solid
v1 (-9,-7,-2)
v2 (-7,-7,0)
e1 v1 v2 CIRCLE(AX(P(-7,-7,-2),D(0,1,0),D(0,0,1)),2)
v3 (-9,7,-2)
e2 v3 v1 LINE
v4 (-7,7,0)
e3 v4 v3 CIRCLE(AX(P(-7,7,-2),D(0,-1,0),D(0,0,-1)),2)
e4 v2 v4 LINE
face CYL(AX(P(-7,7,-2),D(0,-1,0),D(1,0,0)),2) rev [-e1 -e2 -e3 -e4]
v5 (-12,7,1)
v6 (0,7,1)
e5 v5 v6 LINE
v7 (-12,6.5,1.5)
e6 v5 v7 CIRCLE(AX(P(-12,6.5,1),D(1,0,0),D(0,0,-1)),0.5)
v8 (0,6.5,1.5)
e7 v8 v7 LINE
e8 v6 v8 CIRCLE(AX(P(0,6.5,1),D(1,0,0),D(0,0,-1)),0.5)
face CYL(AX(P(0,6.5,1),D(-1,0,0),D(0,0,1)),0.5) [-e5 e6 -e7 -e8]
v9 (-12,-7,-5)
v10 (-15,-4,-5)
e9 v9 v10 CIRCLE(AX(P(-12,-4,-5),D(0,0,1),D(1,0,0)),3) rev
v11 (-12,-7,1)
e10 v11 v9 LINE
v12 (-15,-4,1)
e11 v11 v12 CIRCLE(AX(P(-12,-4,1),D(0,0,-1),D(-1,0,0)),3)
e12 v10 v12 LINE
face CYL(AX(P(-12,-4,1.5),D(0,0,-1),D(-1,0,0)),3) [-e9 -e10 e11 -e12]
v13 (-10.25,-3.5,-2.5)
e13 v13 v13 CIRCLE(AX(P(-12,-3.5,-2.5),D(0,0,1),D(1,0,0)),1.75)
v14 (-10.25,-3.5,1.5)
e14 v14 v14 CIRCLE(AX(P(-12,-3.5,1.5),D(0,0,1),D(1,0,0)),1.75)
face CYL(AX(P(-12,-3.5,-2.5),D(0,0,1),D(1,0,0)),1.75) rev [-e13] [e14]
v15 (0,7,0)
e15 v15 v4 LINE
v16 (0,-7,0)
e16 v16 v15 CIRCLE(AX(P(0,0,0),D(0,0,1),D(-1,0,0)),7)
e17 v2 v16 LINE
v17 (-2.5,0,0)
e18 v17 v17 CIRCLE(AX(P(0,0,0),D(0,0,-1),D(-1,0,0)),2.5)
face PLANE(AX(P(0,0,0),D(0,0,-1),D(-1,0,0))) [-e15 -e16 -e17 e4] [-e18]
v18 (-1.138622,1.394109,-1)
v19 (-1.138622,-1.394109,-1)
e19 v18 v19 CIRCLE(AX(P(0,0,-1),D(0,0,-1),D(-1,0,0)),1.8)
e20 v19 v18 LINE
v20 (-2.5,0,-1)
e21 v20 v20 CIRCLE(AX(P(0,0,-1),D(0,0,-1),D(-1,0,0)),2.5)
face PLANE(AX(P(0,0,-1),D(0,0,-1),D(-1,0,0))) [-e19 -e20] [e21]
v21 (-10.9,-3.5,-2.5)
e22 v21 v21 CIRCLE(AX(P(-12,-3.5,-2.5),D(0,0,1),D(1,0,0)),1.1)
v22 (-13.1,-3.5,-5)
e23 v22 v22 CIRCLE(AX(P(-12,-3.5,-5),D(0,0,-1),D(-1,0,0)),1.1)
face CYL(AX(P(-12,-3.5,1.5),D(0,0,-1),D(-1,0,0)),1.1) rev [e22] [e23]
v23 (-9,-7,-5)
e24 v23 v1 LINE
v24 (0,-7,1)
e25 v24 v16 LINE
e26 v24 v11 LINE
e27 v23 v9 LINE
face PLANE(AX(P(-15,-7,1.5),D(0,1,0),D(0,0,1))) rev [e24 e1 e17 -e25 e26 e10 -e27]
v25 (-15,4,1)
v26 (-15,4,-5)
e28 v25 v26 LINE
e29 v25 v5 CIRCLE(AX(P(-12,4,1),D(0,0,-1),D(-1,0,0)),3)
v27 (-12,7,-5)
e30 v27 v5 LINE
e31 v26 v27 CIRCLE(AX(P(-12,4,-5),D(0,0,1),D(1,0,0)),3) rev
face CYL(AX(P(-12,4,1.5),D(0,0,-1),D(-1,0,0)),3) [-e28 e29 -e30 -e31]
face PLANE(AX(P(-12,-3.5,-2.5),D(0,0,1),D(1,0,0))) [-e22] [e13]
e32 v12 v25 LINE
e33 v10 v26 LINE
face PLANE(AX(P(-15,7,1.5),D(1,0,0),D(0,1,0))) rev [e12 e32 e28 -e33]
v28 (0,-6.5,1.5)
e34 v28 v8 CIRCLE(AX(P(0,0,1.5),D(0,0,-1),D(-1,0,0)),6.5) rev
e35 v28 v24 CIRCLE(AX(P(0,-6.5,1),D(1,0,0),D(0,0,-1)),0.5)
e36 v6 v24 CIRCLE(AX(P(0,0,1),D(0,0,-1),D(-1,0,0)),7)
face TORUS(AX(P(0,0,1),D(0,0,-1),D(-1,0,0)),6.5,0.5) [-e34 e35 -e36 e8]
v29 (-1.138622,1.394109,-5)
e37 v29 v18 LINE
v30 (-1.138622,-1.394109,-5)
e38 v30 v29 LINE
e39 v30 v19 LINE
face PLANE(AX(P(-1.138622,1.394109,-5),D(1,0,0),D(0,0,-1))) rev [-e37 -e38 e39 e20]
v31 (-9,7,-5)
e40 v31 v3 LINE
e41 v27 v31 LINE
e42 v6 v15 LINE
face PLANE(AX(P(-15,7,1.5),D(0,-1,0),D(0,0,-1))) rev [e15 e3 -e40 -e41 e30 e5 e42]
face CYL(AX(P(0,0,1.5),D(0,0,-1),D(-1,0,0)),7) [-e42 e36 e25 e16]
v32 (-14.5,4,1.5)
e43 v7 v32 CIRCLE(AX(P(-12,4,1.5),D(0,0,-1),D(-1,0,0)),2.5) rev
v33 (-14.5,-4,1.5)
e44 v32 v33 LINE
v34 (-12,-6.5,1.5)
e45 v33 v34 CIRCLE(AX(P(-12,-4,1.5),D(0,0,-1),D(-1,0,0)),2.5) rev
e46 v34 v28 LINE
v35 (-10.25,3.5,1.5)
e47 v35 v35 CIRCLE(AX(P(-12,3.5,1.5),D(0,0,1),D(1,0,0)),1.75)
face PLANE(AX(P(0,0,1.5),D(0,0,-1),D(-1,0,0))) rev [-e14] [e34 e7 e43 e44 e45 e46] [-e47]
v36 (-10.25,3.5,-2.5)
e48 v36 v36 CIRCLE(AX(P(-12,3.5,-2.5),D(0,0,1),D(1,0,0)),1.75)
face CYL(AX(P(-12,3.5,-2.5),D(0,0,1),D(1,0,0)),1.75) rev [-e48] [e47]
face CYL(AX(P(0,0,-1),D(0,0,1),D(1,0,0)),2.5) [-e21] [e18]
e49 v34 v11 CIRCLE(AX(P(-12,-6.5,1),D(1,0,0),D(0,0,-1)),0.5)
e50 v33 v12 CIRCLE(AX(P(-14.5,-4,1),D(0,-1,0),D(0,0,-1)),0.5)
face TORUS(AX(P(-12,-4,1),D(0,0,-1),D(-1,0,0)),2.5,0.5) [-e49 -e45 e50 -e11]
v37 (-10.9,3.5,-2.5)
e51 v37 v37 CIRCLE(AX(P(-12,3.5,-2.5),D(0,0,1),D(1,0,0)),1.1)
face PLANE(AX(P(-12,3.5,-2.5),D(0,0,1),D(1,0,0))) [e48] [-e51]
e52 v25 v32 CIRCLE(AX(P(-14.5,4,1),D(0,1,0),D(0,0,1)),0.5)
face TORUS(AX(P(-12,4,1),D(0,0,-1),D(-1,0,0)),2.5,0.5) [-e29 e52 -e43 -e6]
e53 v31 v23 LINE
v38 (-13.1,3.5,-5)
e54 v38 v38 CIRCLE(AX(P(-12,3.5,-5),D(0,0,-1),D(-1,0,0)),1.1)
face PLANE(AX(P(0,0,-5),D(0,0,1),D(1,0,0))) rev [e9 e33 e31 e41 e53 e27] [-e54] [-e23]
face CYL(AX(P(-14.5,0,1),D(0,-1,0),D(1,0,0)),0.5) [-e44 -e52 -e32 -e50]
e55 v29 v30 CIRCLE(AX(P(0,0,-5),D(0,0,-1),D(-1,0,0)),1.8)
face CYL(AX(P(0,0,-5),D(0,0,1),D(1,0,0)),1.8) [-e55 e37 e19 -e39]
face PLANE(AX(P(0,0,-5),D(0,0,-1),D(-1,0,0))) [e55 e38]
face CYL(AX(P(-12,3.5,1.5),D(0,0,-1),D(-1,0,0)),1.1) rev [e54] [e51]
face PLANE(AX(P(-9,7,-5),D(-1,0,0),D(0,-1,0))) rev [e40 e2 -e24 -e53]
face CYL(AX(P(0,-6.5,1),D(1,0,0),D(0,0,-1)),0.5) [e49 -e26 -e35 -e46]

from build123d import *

# Parameters (mm, degrees)
SKETCH1_R           = 1.1
BOSS_EXTRUDE1_DEPTH = 1.5
SKETCH2_R           = 2.5
BOSS_EXTRUDE2_DEPTH = 1
BOSS_EXTRUDE3_DEPTH = 4
SKETCH4_W           = 6
SKETCH4_H           = 14
SKETCH4_R           = 1.1
BOSS_EXTRUDE4_DEPTH = 5
FILLET4_R           = 3
FILLET1_R           = 0.5
SKETCH5_R           = 1.75
CUT_EXTRUDE1_DEPTH  = 4
FILLET3_R           = 2


with BuildPart() as part:
    # Sketch1 → Boss-Extrude1 (new body)
    with BuildSketch(Plane.XY):
        with BuildLine():
            Line((-15, 7), (0, 7))
            ThreePointArc((0, 7), (7, 0), (0, -7))
            Line((0, -7), (-15, -7))
            Line((-15, -7), (-15, 7))
        make_face()
        with Locations((-12, 3.5)):
            Circle(SKETCH1_R, mode=Mode.SUBTRACT)
        with Locations((-12, -3.5)):
            Circle(SKETCH1_R, mode=Mode.SUBTRACT)
    extrude(amount=BOSS_EXTRUDE1_DEPTH)

    # Sketch2 → Boss-Extrude2 (add)
    with BuildSketch(Plane(origin=(0, 0, 0), x_dir=(-1, 0, 0), z_dir=(0, 0, -1))):
        Circle(SKETCH2_R)
    extrude(amount=BOSS_EXTRUDE2_DEPTH)

    # Sketch3 → Boss-Extrude3 (add)
    with BuildSketch(Plane(origin=(0, 0, -1), x_dir=(-1, 0, 0), z_dir=(0, 0, -1))):
        with BuildLine():
            Line((1.13862177, 1.394109201), (1.13862177, -1.394109201))
            ThreePointArc((1.13862177, -1.394109201), (-1.8, 0), (1.13862177, 1.394109201))
        make_face()
    extrude(amount=BOSS_EXTRUDE3_DEPTH)

    # Sketch4 → Boss-Extrude4 (add)
    with BuildSketch(Plane(origin=(0, 0, 0), x_dir=(-1, 0, 0), z_dir=(0, 0, -1))):
        with Locations((12, 0)):
            Rectangle(SKETCH4_W, SKETCH4_H)
        with Locations((12, 3.5)):
            Circle(SKETCH4_R, mode=Mode.SUBTRACT)
        with Locations((12, -3.5)):
            Circle(SKETCH4_R, mode=Mode.SUBTRACT)
    extrude(amount=BOSS_EXTRUDE4_DEPTH)

    # Fillet4
    fillet4_edges = [part.edges().sort_by_distance(p)[0] for p in [
        (-15, -7, -1.75),
        (-15, 7, -1.75),
    ]]
    fillet(fillet4_edges, radius=FILLET4_R)

    # Fillet1
    fillet1_edges = [part.edges().sort_by_distance(p)[0] for p in [
        (7, 0, 1.5),
        (-15, 0, 1.5),
        (-6, -7, 1.5),
        (-14.121320344, -6.121320344, 1.5),
        (-14.121320344, 6.121320344, 1.5),
        (-6, 7, 1.5),
    ]]
    fillet(fillet1_edges, radius=FILLET1_R)

    # Sketch5 → Cut-Extrude1 (cut)
    with BuildSketch(Plane.XY.offset(1.5)):
        with Locations((-12, 3.5)):
            Circle(SKETCH5_R)
        with Locations((-12, -3.5)):
            Circle(SKETCH5_R)
    extrude(amount=-CUT_EXTRUDE1_DEPTH, mode=Mode.SUBTRACT)

    # Fillet3
    fillet3_edges = [part.edges().sort_by_distance(p)[0] for p in [
        (-9, 0, 0),
    ]]
    fillet(fillet3_edges, radius=FILLET3_R)


solid = part.part
